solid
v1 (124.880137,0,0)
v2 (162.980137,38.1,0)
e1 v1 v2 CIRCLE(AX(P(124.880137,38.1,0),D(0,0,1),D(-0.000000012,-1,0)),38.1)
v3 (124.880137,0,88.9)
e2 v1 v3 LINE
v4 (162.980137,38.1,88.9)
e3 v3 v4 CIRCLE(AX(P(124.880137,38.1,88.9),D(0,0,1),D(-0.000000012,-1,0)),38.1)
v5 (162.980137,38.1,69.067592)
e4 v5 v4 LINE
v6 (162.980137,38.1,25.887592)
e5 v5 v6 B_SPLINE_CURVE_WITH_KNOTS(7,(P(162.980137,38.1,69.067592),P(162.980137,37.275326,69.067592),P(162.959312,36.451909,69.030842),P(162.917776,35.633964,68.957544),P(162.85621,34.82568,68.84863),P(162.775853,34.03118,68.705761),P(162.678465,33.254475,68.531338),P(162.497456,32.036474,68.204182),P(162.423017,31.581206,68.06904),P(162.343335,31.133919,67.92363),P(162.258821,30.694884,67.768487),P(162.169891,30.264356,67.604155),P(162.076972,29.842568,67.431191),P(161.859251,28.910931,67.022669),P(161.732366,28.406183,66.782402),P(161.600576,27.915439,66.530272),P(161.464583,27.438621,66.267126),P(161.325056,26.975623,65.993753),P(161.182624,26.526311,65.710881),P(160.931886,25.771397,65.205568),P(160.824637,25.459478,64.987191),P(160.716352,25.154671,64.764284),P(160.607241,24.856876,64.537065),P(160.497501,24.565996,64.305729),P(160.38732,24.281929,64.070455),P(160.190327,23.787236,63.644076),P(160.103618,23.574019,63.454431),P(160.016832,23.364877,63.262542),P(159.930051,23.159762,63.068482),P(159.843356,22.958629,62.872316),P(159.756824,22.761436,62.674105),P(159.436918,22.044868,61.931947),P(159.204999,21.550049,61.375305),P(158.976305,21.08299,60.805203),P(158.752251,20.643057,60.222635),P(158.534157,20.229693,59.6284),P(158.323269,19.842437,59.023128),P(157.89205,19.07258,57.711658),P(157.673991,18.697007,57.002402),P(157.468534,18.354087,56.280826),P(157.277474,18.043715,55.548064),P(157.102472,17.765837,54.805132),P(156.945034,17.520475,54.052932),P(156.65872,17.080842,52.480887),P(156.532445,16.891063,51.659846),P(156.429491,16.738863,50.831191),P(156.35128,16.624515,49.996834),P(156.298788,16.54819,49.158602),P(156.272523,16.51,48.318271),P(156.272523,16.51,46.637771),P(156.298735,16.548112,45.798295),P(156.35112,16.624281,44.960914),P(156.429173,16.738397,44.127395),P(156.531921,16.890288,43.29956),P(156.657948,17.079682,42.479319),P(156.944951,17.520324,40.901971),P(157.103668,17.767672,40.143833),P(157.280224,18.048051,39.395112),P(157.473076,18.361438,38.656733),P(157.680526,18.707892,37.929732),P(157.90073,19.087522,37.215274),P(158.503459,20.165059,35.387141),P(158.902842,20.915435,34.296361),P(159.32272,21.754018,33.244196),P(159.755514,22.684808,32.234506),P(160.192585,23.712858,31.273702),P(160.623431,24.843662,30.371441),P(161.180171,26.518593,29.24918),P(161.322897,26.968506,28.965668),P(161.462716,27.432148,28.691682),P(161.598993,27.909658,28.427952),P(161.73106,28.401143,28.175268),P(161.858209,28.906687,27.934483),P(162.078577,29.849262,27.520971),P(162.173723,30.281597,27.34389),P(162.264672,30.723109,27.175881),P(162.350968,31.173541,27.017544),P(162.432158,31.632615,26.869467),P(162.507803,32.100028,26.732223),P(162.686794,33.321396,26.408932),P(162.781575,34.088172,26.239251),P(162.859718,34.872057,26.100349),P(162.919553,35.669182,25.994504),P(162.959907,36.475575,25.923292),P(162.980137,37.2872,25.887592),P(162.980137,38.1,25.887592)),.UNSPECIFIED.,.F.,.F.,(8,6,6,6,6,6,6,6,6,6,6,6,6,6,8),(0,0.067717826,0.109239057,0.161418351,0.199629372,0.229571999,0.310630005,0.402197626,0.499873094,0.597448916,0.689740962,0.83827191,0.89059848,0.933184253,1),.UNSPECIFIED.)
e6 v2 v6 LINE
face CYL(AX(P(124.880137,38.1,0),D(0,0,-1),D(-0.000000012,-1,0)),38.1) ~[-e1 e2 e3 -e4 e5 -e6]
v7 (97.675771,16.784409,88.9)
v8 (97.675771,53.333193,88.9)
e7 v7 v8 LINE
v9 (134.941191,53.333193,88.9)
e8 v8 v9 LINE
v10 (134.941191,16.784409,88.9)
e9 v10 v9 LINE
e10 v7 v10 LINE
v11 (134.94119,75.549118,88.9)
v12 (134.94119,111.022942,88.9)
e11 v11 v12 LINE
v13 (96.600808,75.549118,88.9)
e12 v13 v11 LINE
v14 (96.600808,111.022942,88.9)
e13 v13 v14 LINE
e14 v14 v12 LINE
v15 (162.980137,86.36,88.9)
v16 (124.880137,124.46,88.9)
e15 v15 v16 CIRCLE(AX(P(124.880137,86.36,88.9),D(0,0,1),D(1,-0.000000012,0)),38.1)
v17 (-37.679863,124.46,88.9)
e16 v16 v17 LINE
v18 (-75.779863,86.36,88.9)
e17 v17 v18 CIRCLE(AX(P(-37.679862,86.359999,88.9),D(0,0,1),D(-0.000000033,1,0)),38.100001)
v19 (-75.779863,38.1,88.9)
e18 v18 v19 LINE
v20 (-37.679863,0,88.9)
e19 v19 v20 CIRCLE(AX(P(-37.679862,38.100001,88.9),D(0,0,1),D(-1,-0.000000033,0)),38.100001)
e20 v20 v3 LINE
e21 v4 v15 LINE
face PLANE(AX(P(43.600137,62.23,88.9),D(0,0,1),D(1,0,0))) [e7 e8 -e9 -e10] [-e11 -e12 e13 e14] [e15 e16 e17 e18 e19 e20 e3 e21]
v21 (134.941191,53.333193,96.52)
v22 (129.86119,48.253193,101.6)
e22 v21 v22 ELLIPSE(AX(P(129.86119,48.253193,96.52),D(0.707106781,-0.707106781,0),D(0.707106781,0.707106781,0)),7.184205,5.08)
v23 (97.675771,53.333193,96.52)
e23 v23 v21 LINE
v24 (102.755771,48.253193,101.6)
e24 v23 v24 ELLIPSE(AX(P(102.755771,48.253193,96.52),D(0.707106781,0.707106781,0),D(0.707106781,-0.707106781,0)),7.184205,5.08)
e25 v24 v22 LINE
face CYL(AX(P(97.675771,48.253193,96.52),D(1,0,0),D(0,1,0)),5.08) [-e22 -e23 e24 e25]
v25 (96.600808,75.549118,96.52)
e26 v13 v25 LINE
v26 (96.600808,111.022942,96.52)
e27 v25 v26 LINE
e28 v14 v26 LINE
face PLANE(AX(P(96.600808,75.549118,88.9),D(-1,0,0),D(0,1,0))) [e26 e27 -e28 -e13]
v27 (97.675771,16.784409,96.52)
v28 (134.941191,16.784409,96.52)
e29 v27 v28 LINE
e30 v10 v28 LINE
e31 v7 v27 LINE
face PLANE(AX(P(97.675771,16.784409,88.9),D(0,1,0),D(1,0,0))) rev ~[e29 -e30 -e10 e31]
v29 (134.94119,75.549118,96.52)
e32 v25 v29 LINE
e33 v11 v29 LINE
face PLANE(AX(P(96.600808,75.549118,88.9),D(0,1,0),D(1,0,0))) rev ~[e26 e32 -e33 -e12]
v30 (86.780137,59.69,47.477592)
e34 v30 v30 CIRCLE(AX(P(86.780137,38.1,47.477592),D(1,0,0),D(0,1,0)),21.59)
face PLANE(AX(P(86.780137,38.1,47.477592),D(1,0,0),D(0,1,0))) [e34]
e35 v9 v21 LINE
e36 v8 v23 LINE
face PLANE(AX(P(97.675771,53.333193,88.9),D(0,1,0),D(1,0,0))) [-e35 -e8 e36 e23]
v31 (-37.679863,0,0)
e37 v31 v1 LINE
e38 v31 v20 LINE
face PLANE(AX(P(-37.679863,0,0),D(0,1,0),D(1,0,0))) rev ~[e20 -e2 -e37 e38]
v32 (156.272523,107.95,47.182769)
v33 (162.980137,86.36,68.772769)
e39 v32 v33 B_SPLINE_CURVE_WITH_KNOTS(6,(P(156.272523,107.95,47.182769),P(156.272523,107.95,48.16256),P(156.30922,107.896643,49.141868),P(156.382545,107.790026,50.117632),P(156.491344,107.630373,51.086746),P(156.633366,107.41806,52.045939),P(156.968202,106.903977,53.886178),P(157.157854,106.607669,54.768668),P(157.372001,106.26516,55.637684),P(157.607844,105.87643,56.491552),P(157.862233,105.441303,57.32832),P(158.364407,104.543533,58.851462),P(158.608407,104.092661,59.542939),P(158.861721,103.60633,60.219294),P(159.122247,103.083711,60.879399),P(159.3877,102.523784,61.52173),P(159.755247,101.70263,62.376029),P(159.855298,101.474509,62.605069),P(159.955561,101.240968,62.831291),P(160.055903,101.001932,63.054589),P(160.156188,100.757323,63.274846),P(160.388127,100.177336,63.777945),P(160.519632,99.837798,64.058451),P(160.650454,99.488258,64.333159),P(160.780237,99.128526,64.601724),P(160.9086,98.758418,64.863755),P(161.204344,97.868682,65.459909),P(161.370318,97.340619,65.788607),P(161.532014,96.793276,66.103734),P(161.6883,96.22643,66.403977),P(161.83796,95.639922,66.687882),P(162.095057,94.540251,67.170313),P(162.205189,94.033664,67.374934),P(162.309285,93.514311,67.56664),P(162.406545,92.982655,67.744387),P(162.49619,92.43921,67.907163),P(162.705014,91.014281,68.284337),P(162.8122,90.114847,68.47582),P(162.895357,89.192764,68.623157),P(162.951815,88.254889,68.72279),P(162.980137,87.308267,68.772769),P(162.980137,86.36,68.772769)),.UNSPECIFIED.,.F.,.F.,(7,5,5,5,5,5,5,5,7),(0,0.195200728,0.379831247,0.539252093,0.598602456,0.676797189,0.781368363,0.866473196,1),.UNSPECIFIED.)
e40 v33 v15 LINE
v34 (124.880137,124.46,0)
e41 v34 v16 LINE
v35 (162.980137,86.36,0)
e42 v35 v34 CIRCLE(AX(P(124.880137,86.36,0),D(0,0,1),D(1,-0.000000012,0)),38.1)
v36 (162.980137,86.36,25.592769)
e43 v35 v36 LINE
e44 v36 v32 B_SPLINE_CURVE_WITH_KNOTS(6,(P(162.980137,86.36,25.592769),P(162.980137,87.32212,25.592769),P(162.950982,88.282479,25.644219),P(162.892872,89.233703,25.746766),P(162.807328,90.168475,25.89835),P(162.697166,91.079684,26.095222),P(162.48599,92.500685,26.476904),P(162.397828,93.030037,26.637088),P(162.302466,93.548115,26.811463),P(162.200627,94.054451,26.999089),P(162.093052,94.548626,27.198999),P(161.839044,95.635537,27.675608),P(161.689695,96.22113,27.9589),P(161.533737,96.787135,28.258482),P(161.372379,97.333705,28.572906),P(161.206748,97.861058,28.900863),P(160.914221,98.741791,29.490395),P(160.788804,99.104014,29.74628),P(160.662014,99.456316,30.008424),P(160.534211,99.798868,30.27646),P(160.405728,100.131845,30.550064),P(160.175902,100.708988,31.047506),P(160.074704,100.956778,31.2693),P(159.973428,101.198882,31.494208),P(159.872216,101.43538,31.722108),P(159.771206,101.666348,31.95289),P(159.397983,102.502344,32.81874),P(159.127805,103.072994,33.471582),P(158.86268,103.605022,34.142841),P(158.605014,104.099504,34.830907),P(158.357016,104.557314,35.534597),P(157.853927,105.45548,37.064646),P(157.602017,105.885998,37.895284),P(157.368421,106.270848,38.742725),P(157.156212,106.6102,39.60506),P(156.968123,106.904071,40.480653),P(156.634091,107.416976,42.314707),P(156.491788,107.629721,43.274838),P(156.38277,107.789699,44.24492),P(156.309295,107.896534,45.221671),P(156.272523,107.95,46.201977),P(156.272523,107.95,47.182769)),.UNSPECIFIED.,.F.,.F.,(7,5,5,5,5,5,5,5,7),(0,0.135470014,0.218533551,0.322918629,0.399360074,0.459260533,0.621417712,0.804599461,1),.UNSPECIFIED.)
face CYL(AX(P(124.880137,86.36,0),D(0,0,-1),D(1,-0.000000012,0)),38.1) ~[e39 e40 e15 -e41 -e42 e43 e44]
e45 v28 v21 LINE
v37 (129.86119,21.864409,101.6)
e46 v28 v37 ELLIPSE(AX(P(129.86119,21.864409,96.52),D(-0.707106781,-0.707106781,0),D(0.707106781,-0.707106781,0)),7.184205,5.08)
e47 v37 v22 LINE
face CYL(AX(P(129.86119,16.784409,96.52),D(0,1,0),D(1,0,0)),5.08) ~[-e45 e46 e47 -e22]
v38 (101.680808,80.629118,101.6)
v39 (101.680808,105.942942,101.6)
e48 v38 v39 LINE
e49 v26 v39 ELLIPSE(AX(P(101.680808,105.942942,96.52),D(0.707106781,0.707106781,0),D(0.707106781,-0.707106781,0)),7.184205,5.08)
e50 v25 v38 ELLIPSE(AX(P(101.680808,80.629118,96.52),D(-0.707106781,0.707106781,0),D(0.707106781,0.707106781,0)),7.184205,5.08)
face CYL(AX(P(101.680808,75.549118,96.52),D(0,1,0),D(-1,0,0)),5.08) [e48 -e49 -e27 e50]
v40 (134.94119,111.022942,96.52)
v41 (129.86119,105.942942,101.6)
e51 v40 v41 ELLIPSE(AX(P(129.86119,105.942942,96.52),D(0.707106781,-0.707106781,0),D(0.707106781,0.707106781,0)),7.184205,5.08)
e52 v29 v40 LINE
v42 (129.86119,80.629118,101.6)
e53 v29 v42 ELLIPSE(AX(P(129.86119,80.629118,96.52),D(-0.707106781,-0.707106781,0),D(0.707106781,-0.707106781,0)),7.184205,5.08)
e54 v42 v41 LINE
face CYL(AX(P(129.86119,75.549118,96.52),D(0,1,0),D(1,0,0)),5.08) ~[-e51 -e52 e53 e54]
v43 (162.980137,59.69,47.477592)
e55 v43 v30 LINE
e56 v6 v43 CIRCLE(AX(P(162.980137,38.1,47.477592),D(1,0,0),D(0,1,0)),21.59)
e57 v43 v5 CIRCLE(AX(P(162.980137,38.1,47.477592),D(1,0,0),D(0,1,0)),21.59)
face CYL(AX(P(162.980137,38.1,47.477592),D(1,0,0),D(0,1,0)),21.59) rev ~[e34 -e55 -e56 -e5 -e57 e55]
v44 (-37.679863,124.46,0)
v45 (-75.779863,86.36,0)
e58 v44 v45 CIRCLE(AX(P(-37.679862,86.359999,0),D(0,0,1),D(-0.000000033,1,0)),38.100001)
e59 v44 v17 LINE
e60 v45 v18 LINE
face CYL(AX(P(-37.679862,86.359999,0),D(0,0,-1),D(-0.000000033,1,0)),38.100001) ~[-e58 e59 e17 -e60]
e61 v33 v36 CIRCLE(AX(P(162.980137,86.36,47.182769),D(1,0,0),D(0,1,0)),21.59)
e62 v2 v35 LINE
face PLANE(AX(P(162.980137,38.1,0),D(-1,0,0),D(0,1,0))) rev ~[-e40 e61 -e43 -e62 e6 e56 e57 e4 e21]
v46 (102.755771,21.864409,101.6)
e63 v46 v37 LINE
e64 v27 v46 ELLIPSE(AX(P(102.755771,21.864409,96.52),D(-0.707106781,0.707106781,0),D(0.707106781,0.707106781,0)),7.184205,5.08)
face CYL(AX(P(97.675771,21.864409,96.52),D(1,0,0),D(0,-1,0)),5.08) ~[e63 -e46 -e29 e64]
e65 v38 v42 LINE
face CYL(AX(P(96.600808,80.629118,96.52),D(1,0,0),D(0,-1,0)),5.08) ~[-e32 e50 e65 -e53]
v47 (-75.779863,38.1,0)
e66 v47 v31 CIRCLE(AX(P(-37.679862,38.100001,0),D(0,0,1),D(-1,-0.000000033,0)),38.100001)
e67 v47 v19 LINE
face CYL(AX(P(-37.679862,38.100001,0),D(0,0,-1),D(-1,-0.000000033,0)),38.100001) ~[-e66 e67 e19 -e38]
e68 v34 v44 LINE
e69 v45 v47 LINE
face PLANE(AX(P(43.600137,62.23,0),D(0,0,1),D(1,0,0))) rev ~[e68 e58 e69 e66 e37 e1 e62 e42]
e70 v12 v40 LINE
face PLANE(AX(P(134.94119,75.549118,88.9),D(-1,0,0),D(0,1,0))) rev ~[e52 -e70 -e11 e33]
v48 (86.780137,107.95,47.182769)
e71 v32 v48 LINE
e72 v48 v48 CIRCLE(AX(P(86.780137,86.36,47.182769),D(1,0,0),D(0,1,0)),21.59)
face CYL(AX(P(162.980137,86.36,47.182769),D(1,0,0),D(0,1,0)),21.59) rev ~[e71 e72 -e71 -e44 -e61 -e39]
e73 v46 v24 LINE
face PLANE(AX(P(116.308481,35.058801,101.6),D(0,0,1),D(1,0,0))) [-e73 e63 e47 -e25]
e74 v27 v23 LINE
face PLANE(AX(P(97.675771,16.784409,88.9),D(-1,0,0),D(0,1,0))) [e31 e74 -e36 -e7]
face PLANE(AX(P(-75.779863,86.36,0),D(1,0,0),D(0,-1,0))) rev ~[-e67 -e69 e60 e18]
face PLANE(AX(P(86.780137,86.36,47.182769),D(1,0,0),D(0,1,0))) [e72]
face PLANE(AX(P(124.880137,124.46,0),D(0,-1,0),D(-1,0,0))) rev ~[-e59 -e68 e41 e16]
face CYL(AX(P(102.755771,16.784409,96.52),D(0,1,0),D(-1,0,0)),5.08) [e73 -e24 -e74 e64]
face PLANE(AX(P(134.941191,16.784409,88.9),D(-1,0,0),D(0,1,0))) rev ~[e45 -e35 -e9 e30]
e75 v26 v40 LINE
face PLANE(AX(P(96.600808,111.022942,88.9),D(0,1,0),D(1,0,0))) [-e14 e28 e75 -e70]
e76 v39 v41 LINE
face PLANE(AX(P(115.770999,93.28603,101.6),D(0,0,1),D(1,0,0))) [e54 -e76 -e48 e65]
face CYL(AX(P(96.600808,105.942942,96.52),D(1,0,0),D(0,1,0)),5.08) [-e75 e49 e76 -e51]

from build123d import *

# Parameters (mm, degrees)
F1_DEPTH = 88.9
F2_R     = 21.59
F3_DEPTH = 76.2
F4_W     = 38.340382
F4_H     = 35.473824
F4_W_2   = 37.265419
F4_H_2   = 36.548784
F5_DEPTH = 12.7
F6_R     = 5.08


with BuildPart() as f1:
    # F0 (on Top) → F1 (new body)
    with BuildSketch(Plane.XY):
        with BuildLine():
            ThreePointArc((-75.779863, 38.1), (-64.620631, 11.159232), (-37.679863, 0))
            Line((-37.679863, 0), (124.880137, 0))
            ThreePointArc((124.880137, 0), (151.820906, 11.159232), (162.980137, 38.1))
            Line((162.980137, 38.1), (162.980137, 86.36))
            ThreePointArc((162.980137, 86.36), (151.820906, 113.300768), (124.880137, 124.46))
            Line((124.880137, 124.46), (-37.679863, 124.46))
            ThreePointArc((-37.679863, 124.46), (-64.620631, 113.300768), (-75.779863, 86.36))
            Line((-75.779863, 86.36), (-75.779863, 38.1))
        make_face()
    extrude(amount=F1_DEPTH)

    # F2 (on face) → F3 (cut)
    with BuildSketch(Plane.YZ.offset(162.980137)):
        with Locations((38.1, 47.477592)):
            Circle(F2_R)
        with Locations((86.36, 47.182769)):
            Circle(F2_R)
    extrude(amount=-F3_DEPTH, mode=Mode.SUBTRACT)

    # F4 (on face) → F5 (join)
    with BuildSketch(Plane.XY.offset(88.9)):
        with Locations((115.770999, 93.28603)):
            Rectangle(F4_W, F4_H)
        with Locations((116.308481, 35.058801)):
            Rectangle(F4_W_2, F4_H_2)
    extrude(amount=F5_DEPTH)

    # F6
    f6_edges = [f1.edges().sort_by_distance(p)[0] for p in [
        (115.770999, 111.022942, 101.6),
        (96.600808, 93.28603, 101.6),
        (115.770999, 75.549118, 101.6),
        (134.94119, 93.28603, 101.6),
        (116.308481, 53.333193, 101.6),
        (97.675771, 35.058801, 101.6),
        (116.308481, 16.784409, 101.6),
        (134.94119, 35.058801, 101.6),
    ]]
    fillet(f6_edges, radius=F6_R)


solid = f1.part
